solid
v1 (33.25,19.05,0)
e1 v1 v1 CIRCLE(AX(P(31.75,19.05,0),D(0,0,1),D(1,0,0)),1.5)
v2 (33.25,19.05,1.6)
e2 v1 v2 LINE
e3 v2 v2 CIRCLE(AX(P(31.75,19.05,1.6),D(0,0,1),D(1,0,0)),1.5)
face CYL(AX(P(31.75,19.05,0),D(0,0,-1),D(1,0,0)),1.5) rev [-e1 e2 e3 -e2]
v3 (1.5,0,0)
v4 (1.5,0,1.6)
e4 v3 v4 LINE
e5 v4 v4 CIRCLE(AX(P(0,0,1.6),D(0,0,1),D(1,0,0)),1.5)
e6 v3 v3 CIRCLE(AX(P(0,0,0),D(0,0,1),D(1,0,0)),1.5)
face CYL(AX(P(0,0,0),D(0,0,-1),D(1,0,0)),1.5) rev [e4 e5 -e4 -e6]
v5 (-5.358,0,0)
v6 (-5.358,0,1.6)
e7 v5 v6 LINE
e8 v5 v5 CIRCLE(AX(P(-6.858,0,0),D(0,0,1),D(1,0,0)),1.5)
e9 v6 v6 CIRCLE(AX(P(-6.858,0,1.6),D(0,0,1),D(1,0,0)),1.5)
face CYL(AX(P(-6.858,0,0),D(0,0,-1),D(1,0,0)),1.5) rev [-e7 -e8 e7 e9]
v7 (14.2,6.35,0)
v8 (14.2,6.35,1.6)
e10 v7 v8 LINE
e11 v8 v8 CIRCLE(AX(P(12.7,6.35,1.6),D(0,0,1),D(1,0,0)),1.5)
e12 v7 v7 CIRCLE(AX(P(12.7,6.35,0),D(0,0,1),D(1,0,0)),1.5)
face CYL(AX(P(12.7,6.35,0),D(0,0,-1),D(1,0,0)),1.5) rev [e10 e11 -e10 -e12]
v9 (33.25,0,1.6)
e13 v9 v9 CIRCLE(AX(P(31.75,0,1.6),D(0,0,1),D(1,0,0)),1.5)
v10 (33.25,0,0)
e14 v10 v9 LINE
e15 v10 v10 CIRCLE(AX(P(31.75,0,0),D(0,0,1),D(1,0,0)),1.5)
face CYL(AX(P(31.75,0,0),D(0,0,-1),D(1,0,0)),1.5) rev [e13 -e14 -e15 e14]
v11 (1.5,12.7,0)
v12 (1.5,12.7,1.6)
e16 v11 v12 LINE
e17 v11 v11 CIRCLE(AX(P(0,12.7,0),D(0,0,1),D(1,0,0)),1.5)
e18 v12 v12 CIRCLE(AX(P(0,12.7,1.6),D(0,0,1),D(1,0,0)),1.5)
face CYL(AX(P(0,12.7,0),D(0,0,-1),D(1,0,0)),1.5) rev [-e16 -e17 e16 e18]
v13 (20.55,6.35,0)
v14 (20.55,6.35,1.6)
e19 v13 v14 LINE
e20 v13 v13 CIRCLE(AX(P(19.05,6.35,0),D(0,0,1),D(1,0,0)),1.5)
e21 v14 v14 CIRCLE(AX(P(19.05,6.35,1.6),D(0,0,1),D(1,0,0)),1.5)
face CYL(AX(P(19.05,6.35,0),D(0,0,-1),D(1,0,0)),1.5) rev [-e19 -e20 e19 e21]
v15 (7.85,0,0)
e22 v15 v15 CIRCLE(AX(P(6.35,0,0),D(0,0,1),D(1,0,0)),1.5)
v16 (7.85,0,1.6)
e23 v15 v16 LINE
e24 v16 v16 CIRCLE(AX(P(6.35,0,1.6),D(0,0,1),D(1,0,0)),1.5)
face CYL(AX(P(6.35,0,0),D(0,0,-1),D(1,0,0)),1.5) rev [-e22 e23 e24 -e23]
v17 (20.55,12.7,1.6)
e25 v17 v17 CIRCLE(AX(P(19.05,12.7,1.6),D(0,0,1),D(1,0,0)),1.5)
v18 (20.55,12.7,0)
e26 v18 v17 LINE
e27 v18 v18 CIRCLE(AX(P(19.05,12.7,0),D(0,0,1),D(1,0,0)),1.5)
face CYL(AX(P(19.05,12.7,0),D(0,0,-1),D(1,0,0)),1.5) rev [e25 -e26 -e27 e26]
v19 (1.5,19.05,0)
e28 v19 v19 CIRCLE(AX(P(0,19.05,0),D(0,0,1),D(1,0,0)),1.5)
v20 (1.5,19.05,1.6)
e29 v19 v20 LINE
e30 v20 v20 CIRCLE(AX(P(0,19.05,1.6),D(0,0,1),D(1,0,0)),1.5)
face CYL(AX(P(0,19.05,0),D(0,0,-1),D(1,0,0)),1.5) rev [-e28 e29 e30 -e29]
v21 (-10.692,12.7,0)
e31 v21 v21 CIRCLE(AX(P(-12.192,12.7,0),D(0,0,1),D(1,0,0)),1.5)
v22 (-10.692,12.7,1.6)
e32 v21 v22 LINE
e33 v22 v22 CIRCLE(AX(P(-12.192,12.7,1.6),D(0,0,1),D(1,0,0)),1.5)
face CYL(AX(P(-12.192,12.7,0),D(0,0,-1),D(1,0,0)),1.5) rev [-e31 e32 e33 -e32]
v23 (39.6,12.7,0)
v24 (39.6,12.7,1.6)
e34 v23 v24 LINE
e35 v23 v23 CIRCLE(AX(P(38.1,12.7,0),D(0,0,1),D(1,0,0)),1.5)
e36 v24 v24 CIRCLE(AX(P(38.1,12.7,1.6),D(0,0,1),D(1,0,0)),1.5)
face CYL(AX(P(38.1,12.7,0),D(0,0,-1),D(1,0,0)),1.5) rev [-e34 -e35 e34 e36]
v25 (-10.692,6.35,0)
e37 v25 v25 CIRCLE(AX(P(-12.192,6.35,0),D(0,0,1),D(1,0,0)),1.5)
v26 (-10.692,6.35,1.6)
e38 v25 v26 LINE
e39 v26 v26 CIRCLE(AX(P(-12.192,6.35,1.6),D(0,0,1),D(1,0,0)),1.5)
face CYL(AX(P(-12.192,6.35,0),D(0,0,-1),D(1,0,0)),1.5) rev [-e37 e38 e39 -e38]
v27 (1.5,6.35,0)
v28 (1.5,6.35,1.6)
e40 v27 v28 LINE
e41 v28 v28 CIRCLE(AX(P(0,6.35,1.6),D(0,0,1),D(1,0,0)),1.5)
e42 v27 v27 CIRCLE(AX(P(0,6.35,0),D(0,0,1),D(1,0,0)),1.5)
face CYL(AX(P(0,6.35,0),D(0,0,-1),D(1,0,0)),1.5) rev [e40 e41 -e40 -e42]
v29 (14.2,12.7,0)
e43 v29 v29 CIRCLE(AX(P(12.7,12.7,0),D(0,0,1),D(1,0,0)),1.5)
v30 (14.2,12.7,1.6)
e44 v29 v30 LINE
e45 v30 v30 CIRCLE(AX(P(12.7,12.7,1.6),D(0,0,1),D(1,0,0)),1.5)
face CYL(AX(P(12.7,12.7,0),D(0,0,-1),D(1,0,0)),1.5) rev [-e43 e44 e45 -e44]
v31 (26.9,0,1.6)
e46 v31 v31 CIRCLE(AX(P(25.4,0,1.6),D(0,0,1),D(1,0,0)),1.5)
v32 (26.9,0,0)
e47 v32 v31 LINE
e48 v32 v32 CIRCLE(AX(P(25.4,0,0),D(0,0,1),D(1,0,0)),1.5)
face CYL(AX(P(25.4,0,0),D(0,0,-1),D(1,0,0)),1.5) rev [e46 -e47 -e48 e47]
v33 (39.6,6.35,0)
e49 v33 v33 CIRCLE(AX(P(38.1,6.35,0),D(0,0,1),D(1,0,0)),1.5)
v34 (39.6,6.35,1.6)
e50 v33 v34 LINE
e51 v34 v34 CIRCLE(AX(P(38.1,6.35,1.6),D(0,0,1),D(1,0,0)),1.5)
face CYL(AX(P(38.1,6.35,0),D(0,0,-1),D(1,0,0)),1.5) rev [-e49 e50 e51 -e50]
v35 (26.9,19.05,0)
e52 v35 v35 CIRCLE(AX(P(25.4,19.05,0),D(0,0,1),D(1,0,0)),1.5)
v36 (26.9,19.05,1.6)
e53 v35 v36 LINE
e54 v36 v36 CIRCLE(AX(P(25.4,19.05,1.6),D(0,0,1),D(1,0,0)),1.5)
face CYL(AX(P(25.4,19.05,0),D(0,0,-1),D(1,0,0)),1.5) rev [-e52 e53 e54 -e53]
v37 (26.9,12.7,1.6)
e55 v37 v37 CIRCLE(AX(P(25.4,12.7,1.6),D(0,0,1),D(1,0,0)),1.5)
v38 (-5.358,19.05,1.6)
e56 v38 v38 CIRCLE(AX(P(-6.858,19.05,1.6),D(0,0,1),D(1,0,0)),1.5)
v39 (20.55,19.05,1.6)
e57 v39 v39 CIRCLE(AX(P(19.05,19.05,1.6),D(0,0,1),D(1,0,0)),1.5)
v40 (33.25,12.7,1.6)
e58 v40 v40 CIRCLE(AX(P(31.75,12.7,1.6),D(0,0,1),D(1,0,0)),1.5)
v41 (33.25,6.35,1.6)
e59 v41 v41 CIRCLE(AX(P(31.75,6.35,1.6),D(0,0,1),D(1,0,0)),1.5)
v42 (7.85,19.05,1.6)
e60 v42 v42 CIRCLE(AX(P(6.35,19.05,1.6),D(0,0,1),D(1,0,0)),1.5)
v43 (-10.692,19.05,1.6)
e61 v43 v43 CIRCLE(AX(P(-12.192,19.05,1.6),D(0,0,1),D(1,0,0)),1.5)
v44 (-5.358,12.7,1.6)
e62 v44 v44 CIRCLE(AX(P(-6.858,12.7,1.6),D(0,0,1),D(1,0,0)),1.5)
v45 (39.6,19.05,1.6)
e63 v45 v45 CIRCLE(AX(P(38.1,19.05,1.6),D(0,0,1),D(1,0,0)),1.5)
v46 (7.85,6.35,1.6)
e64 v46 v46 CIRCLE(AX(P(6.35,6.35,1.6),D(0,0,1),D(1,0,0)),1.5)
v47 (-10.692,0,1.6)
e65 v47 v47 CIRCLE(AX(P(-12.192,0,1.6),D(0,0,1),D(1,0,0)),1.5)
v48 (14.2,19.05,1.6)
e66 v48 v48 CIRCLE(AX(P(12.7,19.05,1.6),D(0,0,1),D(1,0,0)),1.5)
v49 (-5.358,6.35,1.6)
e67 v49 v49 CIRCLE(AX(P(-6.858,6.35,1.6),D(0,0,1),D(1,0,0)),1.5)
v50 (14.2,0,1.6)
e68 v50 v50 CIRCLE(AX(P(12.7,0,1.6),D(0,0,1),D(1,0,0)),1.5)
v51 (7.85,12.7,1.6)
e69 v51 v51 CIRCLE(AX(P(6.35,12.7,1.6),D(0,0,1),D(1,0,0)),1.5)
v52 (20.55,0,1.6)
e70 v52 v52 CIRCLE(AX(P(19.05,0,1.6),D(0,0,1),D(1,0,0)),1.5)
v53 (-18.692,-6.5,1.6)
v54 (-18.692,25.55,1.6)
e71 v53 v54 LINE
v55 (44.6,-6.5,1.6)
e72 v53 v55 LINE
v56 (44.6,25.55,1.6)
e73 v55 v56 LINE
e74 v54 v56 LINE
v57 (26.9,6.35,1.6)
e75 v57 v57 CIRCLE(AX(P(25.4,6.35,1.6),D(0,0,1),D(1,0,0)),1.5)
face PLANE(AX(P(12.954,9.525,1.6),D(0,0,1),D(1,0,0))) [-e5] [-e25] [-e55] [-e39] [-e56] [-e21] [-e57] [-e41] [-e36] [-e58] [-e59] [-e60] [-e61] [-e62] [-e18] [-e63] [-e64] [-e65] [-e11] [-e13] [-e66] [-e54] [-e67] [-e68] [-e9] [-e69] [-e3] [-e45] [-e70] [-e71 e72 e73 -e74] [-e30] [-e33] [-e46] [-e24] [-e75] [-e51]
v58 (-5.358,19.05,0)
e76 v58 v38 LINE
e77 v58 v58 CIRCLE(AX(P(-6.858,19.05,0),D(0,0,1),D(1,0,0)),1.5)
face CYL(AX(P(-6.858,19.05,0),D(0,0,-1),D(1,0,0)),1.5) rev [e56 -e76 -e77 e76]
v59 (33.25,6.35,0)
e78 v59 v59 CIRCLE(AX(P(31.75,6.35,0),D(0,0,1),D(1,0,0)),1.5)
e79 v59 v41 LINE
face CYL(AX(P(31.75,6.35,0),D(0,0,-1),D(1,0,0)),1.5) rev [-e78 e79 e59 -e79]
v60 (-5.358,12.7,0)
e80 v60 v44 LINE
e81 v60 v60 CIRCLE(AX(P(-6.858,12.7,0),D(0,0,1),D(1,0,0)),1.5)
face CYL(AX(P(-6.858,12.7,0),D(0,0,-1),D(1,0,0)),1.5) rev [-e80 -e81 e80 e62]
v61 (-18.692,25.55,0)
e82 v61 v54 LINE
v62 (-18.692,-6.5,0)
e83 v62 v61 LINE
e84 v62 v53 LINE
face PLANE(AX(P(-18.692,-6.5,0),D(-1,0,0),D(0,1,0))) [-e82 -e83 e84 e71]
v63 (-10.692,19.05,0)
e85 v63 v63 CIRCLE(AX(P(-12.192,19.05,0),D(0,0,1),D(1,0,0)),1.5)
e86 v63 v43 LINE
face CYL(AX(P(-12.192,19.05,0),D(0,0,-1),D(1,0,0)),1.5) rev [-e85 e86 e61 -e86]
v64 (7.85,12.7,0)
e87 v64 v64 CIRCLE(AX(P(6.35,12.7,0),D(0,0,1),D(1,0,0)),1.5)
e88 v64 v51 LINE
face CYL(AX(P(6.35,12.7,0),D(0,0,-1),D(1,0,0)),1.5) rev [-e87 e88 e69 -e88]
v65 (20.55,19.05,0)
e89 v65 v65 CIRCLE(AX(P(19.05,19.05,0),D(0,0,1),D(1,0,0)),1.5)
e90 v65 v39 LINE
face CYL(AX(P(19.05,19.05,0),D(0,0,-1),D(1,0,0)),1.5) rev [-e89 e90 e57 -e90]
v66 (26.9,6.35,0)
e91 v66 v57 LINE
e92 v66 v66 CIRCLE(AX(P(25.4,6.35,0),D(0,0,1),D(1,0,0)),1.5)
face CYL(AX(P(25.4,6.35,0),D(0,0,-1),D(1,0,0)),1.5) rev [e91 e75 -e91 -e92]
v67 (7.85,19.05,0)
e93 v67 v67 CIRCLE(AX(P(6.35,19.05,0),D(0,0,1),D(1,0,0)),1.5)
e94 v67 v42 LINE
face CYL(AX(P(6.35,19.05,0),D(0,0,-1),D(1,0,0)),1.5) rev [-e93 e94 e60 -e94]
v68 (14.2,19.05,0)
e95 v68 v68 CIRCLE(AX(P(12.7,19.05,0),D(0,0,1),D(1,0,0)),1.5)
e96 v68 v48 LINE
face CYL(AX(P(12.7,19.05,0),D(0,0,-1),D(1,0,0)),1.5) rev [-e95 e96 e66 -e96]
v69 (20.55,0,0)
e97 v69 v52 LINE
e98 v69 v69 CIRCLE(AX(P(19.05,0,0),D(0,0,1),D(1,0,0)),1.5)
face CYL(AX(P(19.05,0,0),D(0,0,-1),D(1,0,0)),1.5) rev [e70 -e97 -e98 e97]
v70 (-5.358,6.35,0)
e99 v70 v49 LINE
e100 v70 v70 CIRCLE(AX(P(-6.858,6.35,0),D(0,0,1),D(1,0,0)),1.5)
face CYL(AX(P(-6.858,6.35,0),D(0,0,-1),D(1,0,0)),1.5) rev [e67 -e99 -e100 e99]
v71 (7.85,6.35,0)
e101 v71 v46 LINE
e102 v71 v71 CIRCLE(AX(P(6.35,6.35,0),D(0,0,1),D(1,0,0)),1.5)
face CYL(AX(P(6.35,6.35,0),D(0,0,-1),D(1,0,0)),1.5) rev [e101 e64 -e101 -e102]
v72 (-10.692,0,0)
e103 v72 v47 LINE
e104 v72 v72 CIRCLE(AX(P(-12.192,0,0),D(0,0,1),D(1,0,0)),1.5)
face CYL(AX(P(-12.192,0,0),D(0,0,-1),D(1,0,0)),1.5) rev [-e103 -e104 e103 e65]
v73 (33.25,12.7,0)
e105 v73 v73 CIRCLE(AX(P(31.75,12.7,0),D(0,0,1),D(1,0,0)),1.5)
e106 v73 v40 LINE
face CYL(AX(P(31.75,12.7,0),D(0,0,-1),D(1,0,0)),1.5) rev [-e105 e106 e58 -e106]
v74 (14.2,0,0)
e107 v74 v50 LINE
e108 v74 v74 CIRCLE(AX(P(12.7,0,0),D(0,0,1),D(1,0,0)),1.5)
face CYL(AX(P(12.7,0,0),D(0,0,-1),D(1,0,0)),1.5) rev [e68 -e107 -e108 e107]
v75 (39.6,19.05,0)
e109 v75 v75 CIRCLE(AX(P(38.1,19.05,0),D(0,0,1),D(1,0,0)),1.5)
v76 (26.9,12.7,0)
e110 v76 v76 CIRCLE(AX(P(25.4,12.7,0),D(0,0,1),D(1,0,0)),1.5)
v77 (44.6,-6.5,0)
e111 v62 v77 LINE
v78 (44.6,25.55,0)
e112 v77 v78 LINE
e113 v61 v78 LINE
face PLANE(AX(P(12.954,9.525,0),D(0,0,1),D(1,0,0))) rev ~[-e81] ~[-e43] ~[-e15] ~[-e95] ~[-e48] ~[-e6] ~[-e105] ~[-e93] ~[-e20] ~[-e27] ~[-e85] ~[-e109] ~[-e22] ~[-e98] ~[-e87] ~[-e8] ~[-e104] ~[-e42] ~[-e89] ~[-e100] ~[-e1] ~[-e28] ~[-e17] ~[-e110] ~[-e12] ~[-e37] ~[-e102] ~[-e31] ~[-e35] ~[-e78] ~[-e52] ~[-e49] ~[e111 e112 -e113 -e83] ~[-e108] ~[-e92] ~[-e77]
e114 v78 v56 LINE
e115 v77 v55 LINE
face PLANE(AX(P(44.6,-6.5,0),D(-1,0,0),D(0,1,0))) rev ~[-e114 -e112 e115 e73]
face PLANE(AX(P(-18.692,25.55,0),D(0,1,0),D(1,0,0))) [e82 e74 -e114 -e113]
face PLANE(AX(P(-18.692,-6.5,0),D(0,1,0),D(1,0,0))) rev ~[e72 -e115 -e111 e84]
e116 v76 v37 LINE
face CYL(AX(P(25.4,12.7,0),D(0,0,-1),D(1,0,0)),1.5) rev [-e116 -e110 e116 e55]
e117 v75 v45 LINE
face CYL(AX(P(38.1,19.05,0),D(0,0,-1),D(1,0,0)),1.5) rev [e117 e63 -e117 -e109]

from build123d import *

# Parameters (mm, degrees)
F0_W     = 63.292
F0_H     = 32.05
F0_R     = 1.5
F1_DEPTH = 1.6


with BuildPart() as f1:
    # F0 (on Top) → F1 (new body)
    with BuildSketch(Plane.XY):
        with Locations((12.954, 9.525)):
            Rectangle(F0_W, F0_H)
        with Locations((-12.192, 0)):
            Circle(F0_R, mode=Mode.SUBTRACT)
        with Locations((-6.858, 0)):
            Circle(F0_R, mode=Mode.SUBTRACT)
        Circle(F0_R, mode=Mode.SUBTRACT)
        with Locations((6.35, 0)):
            Circle(F0_R, mode=Mode.SUBTRACT)
        with Locations((12.7, 0)):
            Circle(F0_R, mode=Mode.SUBTRACT)
        with Locations((-12.192, 6.35)):
            Circle(F0_R, mode=Mode.SUBTRACT)
        with Locations((-6.858, 6.35)):
            Circle(F0_R, mode=Mode.SUBTRACT)
        with Locations((0, 6.35)):
            Circle(F0_R, mode=Mode.SUBTRACT)
        with Locations((6.35, 6.35)):
            Circle(F0_R, mode=Mode.SUBTRACT)
        with Locations((12.7, 6.35)):
            Circle(F0_R, mode=Mode.SUBTRACT)
        with Locations((19.05, 0)):
            Circle(F0_R, mode=Mode.SUBTRACT)
        with Locations((25.4, 0)):
            Circle(F0_R, mode=Mode.SUBTRACT)
        with Locations((31.75, 0)):
            Circle(F0_R, mode=Mode.SUBTRACT)
        with Locations((19.05, 6.35)):
            Circle(F0_R, mode=Mode.SUBTRACT)
        with Locations((25.4, 6.35)):
            Circle(F0_R, mode=Mode.SUBTRACT)
        with Locations((31.75, 6.35)):
            Circle(F0_R, mode=Mode.SUBTRACT)
        with Locations((38.1, 6.35)):
            Circle(F0_R, mode=Mode.SUBTRACT)
        with Locations((-12.192, 12.7)):
            Circle(F0_R, mode=Mode.SUBTRACT)
        with Locations((-6.858, 12.7)):
            Circle(F0_R, mode=Mode.SUBTRACT)
        with Locations((0, 12.7)):
            Circle(F0_R, mode=Mode.SUBTRACT)
        with Locations((6.35, 12.7)):
            Circle(F0_R, mode=Mode.SUBTRACT)
        with Locations((12.7, 12.7)):
            Circle(F0_R, mode=Mode.SUBTRACT)
        with Locations((-12.192, 19.05)):
            Circle(F0_R, mode=Mode.SUBTRACT)
        with Locations((-6.858, 19.05)):
            Circle(F0_R, mode=Mode.SUBTRACT)
        with Locations((0, 19.05)):
            Circle(F0_R, mode=Mode.SUBTRACT)
        with Locations((6.35, 19.05)):
            Circle(F0_R, mode=Mode.SUBTRACT)
        with Locations((12.7, 19.05)):
            Circle(F0_R, mode=Mode.SUBTRACT)
        with Locations((19.05, 12.7)):
            Circle(F0_R, mode=Mode.SUBTRACT)
        with Locations((25.4, 12.7)):
            Circle(F0_R, mode=Mode.SUBTRACT)
        with Locations((31.75, 12.7)):
            Circle(F0_R, mode=Mode.SUBTRACT)
        with Locations((38.1, 12.7)):
            Circle(F0_R, mode=Mode.SUBTRACT)
        with Locations((19.05, 19.05)):
            Circle(F0_R, mode=Mode.SUBTRACT)
        with Locations((25.4, 19.05)):
            Circle(F0_R, mode=Mode.SUBTRACT)
        with Locations((31.75, 19.05)):
            Circle(F0_R, mode=Mode.SUBTRACT)
        with Locations((38.1, 19.05)):
            Circle(F0_R, mode=Mode.SUBTRACT)
    extrude(amount=F1_DEPTH)


solid = f1.part
